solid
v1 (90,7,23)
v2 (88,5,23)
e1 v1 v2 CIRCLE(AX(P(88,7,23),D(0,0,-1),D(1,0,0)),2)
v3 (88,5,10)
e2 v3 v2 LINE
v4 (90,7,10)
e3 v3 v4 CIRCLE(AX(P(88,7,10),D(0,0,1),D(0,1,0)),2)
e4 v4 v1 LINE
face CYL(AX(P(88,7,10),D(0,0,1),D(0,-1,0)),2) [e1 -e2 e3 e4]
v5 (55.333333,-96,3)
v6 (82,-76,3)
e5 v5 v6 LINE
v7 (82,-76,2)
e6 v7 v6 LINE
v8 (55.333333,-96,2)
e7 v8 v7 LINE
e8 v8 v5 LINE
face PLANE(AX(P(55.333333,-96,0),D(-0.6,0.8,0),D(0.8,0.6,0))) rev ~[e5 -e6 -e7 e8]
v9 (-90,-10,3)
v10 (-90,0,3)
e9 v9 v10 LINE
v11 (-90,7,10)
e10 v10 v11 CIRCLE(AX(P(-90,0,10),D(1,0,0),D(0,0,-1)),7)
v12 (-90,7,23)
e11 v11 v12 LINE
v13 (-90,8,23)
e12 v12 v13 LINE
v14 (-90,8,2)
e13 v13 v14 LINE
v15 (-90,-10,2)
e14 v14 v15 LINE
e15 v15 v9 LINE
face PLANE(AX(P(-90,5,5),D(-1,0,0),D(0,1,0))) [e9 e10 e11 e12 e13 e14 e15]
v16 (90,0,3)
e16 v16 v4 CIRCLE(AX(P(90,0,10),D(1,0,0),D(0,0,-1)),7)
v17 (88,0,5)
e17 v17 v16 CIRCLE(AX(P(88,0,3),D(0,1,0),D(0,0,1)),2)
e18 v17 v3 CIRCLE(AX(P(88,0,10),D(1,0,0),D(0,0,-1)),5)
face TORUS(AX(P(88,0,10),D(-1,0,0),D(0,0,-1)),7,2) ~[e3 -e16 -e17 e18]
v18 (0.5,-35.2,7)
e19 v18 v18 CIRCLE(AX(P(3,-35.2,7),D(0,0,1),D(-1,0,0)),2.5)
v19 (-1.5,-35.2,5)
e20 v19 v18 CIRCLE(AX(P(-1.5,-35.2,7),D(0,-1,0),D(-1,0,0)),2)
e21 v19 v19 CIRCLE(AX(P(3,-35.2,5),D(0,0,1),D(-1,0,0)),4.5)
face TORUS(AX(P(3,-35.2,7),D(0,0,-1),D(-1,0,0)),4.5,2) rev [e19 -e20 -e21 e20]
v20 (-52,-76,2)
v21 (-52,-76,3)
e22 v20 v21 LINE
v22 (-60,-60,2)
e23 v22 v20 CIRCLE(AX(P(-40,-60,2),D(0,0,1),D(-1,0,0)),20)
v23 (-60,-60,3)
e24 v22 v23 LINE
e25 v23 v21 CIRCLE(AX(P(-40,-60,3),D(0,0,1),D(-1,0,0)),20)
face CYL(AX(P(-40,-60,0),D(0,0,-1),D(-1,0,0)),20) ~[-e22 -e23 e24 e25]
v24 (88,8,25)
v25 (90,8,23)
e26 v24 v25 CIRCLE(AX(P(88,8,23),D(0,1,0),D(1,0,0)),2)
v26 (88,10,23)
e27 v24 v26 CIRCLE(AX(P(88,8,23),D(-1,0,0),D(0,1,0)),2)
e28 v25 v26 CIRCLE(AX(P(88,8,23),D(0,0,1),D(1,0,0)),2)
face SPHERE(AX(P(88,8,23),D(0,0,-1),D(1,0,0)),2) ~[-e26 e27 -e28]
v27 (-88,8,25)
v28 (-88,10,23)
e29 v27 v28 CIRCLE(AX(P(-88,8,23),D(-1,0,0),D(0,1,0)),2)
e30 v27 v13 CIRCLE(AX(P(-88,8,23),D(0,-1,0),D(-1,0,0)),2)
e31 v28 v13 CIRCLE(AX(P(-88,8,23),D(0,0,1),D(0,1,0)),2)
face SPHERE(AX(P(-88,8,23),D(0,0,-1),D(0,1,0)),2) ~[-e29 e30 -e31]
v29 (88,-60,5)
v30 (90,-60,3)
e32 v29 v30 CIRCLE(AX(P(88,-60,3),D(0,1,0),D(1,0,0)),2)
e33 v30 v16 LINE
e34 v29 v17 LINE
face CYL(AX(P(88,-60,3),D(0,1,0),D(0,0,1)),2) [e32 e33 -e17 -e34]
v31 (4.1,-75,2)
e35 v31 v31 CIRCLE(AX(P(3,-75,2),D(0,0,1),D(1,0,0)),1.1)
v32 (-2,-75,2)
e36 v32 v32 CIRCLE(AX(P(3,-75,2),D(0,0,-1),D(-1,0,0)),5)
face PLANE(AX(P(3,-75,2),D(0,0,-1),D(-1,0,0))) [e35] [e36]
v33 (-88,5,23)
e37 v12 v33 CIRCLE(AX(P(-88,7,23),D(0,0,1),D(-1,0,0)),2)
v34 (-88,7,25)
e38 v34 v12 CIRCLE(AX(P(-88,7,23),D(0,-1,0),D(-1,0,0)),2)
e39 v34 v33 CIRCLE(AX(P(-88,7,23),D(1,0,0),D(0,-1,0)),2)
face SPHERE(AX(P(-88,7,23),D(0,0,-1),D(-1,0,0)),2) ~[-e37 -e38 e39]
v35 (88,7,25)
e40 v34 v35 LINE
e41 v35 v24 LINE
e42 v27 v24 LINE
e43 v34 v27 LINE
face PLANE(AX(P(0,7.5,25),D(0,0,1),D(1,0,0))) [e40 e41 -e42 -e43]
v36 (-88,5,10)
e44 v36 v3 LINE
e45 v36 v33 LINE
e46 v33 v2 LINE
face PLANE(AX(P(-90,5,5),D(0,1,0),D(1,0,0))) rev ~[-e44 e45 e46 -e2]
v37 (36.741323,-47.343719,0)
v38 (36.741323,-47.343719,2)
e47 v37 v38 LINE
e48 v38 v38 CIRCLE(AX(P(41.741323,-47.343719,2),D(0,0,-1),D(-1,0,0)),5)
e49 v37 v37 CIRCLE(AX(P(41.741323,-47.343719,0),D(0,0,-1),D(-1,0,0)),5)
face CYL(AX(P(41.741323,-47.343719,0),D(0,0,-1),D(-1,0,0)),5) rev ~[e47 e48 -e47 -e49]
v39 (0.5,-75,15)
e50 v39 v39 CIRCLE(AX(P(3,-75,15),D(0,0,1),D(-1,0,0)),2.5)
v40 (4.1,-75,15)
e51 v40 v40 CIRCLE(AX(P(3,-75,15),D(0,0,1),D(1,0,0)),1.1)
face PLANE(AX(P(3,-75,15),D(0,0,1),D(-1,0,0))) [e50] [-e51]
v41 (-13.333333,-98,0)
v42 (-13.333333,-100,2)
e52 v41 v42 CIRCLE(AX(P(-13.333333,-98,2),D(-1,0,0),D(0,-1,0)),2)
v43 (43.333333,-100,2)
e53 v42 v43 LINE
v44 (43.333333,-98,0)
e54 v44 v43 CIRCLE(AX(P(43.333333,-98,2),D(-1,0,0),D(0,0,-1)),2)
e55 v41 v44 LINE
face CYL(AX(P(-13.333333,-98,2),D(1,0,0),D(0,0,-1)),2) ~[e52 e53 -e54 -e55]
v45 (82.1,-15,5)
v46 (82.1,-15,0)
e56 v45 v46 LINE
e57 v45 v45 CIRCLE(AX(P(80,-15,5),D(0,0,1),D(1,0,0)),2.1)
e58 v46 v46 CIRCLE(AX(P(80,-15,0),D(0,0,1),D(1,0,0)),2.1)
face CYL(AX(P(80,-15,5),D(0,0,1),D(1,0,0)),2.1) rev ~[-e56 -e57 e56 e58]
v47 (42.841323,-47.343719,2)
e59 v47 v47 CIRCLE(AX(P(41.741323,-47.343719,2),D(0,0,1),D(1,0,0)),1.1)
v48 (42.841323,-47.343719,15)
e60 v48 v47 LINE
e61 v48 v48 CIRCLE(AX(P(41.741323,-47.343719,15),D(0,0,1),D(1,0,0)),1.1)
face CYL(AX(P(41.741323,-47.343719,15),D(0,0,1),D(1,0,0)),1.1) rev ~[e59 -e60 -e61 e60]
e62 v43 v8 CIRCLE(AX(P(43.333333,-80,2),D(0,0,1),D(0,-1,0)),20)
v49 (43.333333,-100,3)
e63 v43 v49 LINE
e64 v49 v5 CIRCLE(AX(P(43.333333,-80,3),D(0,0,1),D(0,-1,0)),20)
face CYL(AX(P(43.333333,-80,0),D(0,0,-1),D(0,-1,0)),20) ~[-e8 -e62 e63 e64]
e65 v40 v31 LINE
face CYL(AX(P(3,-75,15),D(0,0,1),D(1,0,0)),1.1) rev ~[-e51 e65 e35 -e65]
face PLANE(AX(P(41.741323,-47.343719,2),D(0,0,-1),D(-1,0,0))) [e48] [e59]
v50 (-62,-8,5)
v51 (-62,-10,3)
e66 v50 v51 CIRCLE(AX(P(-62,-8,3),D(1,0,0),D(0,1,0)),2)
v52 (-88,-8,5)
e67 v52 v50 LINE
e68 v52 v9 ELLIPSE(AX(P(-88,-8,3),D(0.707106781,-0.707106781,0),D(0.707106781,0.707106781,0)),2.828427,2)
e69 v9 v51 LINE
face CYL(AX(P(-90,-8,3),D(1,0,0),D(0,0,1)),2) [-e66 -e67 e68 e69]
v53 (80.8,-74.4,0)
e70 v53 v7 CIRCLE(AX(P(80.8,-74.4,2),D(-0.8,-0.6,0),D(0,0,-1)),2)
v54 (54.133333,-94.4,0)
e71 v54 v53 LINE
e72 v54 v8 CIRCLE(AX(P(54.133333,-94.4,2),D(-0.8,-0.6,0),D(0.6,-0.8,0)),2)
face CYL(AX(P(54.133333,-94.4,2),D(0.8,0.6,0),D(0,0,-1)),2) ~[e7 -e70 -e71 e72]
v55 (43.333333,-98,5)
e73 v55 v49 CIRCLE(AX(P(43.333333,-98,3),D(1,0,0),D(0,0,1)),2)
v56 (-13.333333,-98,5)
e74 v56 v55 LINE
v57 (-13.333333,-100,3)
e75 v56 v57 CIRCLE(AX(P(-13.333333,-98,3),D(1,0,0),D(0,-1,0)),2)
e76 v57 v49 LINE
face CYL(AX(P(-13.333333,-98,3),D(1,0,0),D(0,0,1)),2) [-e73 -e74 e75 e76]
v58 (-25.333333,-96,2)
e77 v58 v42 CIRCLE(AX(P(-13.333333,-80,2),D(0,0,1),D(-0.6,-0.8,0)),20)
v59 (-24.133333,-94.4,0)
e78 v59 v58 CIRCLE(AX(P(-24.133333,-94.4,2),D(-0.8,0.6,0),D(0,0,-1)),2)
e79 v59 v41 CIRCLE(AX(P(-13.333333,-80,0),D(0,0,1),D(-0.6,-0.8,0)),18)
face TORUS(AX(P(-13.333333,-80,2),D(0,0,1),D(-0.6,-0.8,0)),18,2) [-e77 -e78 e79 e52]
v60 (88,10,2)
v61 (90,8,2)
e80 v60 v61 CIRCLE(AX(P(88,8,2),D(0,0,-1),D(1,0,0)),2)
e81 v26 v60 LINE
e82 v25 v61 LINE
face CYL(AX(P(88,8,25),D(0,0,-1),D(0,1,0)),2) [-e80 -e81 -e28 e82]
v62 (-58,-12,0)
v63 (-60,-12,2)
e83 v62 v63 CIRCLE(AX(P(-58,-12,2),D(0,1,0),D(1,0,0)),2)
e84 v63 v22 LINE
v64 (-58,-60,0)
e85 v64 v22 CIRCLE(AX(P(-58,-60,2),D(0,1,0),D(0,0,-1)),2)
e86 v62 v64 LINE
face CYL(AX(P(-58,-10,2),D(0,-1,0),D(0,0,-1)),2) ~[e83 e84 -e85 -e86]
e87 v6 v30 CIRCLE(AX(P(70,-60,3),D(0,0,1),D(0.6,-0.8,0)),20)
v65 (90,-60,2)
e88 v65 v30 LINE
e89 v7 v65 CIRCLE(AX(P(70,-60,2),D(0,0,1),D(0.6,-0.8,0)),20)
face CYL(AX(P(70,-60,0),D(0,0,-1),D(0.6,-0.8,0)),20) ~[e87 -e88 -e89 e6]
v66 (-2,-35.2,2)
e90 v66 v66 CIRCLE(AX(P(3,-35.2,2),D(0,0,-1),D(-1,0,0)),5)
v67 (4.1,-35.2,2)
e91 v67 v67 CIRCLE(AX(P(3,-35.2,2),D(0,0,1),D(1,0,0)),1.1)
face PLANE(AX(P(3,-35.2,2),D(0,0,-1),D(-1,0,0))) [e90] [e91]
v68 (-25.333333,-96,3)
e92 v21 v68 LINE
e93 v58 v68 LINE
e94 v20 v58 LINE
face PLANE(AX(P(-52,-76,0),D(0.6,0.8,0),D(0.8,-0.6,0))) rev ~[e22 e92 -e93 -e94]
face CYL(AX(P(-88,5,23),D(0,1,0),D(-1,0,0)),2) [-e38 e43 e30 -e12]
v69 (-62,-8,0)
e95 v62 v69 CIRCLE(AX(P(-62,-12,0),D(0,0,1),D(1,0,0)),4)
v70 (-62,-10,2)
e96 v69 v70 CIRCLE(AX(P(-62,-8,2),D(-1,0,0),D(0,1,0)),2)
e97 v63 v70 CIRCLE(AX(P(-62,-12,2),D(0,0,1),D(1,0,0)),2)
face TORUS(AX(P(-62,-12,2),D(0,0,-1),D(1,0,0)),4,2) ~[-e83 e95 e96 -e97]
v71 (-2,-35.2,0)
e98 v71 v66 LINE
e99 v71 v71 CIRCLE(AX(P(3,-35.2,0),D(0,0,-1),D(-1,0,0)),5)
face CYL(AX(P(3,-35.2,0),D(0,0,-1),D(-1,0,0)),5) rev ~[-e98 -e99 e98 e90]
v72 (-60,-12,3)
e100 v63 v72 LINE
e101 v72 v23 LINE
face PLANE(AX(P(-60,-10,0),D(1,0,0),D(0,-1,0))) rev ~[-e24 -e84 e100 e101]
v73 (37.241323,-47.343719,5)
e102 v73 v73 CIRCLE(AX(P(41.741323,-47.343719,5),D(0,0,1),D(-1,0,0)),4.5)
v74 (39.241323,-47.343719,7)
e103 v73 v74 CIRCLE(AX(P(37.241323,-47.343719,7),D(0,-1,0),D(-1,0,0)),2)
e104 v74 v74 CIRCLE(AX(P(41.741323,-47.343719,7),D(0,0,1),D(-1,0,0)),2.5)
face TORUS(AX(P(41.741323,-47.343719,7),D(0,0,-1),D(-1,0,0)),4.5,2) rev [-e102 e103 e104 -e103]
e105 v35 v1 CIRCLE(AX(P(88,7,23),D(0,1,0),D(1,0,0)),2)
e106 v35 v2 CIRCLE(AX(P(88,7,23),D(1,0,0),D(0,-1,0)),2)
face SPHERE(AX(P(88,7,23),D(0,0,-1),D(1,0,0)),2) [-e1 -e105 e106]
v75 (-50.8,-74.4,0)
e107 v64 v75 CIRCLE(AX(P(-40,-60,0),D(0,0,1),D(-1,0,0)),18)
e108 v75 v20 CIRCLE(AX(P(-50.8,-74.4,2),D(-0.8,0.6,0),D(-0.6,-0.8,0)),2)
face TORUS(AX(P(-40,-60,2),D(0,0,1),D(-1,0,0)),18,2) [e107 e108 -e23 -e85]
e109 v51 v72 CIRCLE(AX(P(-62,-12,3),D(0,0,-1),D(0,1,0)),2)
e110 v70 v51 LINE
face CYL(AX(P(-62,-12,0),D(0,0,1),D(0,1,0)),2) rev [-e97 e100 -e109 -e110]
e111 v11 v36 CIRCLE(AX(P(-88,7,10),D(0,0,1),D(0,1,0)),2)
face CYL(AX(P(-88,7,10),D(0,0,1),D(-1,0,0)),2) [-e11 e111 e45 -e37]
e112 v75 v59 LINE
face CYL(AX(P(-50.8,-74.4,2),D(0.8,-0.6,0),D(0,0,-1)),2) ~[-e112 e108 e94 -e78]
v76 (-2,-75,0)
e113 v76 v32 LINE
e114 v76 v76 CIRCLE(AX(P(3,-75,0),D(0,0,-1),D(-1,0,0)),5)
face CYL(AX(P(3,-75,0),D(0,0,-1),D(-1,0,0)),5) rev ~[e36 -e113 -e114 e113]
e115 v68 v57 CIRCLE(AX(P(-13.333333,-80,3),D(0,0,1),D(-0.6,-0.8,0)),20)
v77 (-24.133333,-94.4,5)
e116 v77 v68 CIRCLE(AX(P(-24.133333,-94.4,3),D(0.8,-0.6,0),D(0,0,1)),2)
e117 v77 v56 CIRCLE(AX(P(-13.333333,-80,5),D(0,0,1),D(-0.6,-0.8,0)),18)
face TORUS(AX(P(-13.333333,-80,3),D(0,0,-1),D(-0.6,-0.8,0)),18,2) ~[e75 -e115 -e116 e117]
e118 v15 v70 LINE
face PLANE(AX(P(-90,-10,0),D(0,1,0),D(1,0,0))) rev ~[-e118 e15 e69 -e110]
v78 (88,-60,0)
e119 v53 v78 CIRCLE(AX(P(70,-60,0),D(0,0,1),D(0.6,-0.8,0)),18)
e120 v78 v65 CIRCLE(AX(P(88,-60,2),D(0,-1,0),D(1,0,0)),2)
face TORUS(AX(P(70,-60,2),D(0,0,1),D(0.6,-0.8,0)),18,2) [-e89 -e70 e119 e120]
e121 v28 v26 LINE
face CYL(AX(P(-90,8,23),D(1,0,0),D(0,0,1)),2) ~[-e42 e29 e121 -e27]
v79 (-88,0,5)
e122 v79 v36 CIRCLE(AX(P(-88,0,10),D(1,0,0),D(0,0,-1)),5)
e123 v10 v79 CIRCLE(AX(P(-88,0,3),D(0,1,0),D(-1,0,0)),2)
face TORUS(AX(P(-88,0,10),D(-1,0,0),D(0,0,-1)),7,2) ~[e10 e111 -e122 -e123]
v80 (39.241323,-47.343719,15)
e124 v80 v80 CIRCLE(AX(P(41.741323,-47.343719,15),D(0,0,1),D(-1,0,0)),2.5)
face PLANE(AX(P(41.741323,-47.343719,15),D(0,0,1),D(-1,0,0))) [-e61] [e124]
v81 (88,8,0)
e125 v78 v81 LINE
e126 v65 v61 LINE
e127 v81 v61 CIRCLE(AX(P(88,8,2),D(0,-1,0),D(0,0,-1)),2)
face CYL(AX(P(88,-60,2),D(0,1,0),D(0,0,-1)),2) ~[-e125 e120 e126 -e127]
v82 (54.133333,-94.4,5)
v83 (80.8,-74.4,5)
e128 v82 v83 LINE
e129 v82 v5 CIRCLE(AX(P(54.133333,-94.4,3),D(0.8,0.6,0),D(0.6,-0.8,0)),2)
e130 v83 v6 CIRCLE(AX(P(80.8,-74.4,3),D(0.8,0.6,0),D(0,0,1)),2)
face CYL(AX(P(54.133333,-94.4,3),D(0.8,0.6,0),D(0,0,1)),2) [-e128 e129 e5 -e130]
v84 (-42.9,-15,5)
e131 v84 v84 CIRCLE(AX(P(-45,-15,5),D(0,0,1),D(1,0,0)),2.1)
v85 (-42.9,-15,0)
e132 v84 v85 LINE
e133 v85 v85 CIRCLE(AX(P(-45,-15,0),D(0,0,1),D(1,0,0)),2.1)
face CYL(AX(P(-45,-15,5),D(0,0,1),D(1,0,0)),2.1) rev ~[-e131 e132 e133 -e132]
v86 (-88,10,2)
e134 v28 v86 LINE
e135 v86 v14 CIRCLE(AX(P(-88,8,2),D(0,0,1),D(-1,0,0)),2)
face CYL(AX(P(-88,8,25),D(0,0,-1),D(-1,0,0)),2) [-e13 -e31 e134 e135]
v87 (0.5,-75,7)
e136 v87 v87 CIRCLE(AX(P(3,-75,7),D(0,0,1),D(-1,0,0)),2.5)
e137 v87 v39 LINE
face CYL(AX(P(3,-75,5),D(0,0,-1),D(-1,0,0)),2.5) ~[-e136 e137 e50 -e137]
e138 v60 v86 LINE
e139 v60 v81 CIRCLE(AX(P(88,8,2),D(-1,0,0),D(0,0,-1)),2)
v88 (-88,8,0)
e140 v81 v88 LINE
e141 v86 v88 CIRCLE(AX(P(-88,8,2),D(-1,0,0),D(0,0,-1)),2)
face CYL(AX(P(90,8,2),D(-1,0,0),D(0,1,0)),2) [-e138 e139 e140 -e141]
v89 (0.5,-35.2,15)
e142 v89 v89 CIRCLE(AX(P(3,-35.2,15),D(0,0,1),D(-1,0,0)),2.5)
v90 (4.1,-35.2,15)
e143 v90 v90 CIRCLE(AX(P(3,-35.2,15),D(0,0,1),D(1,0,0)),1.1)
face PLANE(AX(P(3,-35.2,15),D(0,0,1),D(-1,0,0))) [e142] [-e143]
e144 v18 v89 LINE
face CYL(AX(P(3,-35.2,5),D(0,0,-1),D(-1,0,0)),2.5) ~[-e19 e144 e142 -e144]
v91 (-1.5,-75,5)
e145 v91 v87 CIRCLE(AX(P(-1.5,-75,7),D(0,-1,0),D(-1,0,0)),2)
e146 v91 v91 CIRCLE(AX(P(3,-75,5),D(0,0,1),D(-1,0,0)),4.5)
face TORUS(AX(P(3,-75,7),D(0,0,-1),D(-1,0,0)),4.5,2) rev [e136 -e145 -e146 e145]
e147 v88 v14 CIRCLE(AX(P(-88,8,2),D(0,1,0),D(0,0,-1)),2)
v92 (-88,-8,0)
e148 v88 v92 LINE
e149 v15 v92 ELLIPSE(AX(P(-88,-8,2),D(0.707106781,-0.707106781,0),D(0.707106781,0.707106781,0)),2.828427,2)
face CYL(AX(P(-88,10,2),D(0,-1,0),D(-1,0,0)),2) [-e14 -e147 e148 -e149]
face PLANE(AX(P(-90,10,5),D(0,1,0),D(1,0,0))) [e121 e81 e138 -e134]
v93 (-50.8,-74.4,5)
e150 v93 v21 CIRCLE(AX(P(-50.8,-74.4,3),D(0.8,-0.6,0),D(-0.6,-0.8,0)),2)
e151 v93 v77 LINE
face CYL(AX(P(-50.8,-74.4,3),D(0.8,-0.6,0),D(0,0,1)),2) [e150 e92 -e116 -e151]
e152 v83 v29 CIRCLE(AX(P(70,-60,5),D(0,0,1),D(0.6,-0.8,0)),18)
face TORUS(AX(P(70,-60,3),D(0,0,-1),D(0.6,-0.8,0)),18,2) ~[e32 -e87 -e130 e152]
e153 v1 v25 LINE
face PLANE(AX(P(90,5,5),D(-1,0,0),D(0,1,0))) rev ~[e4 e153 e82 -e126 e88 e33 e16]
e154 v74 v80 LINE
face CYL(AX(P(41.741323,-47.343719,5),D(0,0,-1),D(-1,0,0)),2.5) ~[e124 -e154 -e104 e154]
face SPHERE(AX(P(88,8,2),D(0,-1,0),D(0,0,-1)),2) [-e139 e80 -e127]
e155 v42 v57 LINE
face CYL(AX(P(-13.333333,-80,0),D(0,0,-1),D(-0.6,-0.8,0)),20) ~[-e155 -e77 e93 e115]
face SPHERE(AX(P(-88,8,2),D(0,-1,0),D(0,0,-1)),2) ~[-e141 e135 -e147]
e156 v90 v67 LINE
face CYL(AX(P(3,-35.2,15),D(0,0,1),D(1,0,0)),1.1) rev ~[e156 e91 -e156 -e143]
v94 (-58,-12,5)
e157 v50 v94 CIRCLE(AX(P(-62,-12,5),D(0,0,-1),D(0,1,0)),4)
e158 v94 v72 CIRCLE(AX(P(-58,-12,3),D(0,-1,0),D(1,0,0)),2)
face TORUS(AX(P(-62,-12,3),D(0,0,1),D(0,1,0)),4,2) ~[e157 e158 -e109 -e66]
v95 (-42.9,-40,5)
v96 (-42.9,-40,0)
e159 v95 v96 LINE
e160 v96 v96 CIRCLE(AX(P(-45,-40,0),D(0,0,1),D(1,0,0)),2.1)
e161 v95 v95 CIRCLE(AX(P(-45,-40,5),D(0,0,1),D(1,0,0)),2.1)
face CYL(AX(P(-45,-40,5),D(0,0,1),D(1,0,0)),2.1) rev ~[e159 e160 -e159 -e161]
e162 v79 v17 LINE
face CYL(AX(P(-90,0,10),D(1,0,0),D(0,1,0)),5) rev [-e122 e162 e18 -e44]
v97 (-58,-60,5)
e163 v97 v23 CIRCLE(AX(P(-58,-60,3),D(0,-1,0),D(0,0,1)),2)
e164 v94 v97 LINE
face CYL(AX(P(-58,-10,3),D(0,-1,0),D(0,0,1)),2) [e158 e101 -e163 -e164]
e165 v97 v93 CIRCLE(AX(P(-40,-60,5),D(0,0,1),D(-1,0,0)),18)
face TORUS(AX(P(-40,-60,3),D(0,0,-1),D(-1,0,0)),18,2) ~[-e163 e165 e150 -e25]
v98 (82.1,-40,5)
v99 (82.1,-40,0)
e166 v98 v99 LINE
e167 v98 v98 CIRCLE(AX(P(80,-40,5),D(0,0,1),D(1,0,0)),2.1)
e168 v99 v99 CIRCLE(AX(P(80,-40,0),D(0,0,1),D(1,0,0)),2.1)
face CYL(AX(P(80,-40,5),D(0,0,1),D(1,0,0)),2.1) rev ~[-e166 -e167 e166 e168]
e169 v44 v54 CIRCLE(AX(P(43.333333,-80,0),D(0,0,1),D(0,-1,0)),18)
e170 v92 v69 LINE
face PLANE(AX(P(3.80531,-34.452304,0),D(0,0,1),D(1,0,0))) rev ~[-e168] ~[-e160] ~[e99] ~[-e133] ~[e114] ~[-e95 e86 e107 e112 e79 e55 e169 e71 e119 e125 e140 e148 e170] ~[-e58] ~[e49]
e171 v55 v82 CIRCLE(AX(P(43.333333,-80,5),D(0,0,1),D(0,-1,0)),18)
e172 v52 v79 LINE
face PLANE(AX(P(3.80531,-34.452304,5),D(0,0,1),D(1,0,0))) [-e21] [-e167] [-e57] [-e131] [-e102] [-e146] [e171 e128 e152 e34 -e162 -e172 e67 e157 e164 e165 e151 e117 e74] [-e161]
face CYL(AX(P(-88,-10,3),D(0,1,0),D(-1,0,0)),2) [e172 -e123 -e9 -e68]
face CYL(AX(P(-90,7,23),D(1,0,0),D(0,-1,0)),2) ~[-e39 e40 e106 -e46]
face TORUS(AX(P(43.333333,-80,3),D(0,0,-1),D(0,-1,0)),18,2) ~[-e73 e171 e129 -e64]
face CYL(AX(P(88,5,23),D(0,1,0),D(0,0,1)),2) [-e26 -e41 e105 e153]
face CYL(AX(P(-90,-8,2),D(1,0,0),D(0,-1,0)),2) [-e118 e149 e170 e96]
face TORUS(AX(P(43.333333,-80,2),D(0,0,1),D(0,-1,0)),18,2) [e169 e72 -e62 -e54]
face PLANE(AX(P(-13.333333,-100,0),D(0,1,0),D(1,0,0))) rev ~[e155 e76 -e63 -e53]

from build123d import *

# Parameters (mm, degrees)
EXTRUDE_1_DEPTH     = 5
SKETCH_2_R          = 2.1
CUT_EXTRUDE_1_DEPTH = 135.629120178
SKETCH_3_W          = 180
SKETCH_3_H          = 5
EXTRUDE_3_DEPTH     = 20
SKETCH_4_R          = 2.5
EXTRUDE_4_DEPTH     = 10
FILLET_1_R          = 5
FILLET_2_R          = 2
SKETCH_5_R          = 1.1
CUT_EXTRUDE_2_DEPTH = 136.369863707
SKETCH_6_R          = 5
CUT_EXTRUDE_3_DEPTH = 2


with BuildPart() as part:
    # ｽｹｯﾁ1 → ﾎﾞｽ - 押し出し1 (new body)
    with BuildSketch(Plane.XY):
        with BuildLine():
            Line((-52, -76), (-25.333333333, -96))
            ThreePointArc((-25.333333333, -96), (-19.657888654, -98.973665961), (-13.333333333, -100))
            Line((-13.333333333, -100), (43.333333333, -100))
            ThreePointArc((43.333333333, -100), (49.657888654, -98.973665961), (55.333333333, -96))
            Line((55.333333333, -96), (82, -76))
            ThreePointArc((82, -76), (87.88854382, -68.94427191), (90, -60))
            Line((90, -60), (90, -10))
            Line((90, -10), (90, 10))
            Line((90, 10), (-90, 10))
            Line((-90, 10), (-90, -10))
            Line((-90, -10), (-60, -10))
            Line((-60, -10), (-60, -60))
            ThreePointArc((-60, -60), (-57.88854382, -68.94427191), (-52, -76))
        make_face()
    extrude(amount=EXTRUDE_1_DEPTH)

    # ｽｹｯﾁ2 → ｶｯﾄ - 押し出し1 (cut, through all)
    with BuildSketch(Plane.XY.offset(5)):
        with Locations((80, -15)):
            Circle(SKETCH_2_R)
        with Locations((-45, -15)):
            Circle(SKETCH_2_R)
        with Locations((80, -40)):
            Circle(SKETCH_2_R)
        with Locations((-45, -40)):
            Circle(SKETCH_2_R)
    extrude(amount=-CUT_EXTRUDE_1_DEPTH, mode=Mode.SUBTRACT)

    # ｽｹｯﾁ3 → ﾎﾞｽ - 押し出し3 (add)
    with BuildSketch(Plane.XY.offset(5)):
        with Locations((0, 7.5)):
            Rectangle(SKETCH_3_W, SKETCH_3_H)
    extrude(amount=EXTRUDE_3_DEPTH)

    # ｽｹｯﾁ4 → ﾎﾞｽ - 押し出し4 (add)
    with BuildSketch(Plane.XY.offset(5)):
        with Locations(Location((3, -35.2, 0), (0, 0, 180))):
            Circle(SKETCH_4_R)
        with Locations(Location((41.741322883, -47.343718593, 0), (0, 0, 180))):
            Circle(SKETCH_4_R)
        with Locations(Location((3, -75, 0), (0, 0, 180))):
            Circle(SKETCH_4_R)
    extrude(amount=EXTRUDE_4_DEPTH)

    # ﾌｨﾚｯﾄ1
    fillet_1_edges = [part.edges().sort_by_distance(p)[0] for p in [
        (0, 5, 5),
    ]]
    fillet(fillet_1_edges, radius=FILLET_1_R)

    # ﾌｨﾚｯﾄ2
    fillet_2_edges = [part.edges().sort_by_distance(p)[0] for p in [
        (87.88854382, -68.94427191, 0),
        (68.666666667, -86, 0),
        (49.657888654, -98.973665961, 0),
        (15, -100, 0),
        (-19.657888654, -98.973665961, 0),
        (-38.666666667, -86, 0),
        (-57.88854382, -68.94427191, 0),
        (-60, -35, 0),
        (-75, -10, 0),
        (-90, 0, 0),
        (0, 10, 0),
        (-75, -10, 5),
        (90, -25, 0),
        (-60, -35, 5),
        (-60, -10, 2.5),
        (-90, 10, 12.5),
        (-57.88854382, -68.94427191, 5),
        (90, 10, 12.5),
        (-38.666666667, -86, 5),
        (-19.657888654, -98.973665961, 5),
        (15, -100, 5),
        (49.657888654, -98.973665961, 5),
        (68.666666667, -86, 5),
        (90, -30, 5),
        (87.88854382, -68.94427191, 5),
        (90, 5, 17.5),
        (-90, 5, 17.5),
        (90, 7.5, 25),
        (0, 10, 25),
        (-90, 7.5, 25),
        (0, 5, 25),
        (5.5, -35.2, 5),
        (44.241322883, -47.343718593, 5),
        (5.5, -75, 5),
        (-90, -5, 5),
        (90, 3.535533906, 6.464466094),
        (-90, 3.535533906, 6.464466094),
    ]]
    fillet(fillet_2_edges, radius=FILLET_2_R)

    # ｽｹｯﾁ5 → ｶｯﾄ - 押し出し2 (cut, through all)
    with BuildSketch(Plane.XY.offset(15)):
        with Locations((3, -35.2)):
            Circle(SKETCH_5_R)
        with Locations((41.741322883, -47.343718593)):
            Circle(SKETCH_5_R)
        with Locations((3, -75)):
            Circle(SKETCH_5_R)
    extrude(amount=-CUT_EXTRUDE_2_DEPTH, mode=Mode.SUBTRACT)

    # ｽｹｯﾁ6 → ｶｯﾄ - 押し出し3 (cut)
    with BuildSketch(Plane(origin=(0, 0, 0), x_dir=(-1, 0, 0), z_dir=(0, 0, -1))):
        with Locations((-3, -35.2)):
            Circle(SKETCH_6_R)
        with Locations((-3, -75)):
            Circle(SKETCH_6_R)
        with Locations((-41.741322883, -47.343718593)):
            Circle(SKETCH_6_R)
    extrude(amount=-CUT_EXTRUDE_3_DEPTH, mode=Mode.SUBTRACT)


solid = part.part
